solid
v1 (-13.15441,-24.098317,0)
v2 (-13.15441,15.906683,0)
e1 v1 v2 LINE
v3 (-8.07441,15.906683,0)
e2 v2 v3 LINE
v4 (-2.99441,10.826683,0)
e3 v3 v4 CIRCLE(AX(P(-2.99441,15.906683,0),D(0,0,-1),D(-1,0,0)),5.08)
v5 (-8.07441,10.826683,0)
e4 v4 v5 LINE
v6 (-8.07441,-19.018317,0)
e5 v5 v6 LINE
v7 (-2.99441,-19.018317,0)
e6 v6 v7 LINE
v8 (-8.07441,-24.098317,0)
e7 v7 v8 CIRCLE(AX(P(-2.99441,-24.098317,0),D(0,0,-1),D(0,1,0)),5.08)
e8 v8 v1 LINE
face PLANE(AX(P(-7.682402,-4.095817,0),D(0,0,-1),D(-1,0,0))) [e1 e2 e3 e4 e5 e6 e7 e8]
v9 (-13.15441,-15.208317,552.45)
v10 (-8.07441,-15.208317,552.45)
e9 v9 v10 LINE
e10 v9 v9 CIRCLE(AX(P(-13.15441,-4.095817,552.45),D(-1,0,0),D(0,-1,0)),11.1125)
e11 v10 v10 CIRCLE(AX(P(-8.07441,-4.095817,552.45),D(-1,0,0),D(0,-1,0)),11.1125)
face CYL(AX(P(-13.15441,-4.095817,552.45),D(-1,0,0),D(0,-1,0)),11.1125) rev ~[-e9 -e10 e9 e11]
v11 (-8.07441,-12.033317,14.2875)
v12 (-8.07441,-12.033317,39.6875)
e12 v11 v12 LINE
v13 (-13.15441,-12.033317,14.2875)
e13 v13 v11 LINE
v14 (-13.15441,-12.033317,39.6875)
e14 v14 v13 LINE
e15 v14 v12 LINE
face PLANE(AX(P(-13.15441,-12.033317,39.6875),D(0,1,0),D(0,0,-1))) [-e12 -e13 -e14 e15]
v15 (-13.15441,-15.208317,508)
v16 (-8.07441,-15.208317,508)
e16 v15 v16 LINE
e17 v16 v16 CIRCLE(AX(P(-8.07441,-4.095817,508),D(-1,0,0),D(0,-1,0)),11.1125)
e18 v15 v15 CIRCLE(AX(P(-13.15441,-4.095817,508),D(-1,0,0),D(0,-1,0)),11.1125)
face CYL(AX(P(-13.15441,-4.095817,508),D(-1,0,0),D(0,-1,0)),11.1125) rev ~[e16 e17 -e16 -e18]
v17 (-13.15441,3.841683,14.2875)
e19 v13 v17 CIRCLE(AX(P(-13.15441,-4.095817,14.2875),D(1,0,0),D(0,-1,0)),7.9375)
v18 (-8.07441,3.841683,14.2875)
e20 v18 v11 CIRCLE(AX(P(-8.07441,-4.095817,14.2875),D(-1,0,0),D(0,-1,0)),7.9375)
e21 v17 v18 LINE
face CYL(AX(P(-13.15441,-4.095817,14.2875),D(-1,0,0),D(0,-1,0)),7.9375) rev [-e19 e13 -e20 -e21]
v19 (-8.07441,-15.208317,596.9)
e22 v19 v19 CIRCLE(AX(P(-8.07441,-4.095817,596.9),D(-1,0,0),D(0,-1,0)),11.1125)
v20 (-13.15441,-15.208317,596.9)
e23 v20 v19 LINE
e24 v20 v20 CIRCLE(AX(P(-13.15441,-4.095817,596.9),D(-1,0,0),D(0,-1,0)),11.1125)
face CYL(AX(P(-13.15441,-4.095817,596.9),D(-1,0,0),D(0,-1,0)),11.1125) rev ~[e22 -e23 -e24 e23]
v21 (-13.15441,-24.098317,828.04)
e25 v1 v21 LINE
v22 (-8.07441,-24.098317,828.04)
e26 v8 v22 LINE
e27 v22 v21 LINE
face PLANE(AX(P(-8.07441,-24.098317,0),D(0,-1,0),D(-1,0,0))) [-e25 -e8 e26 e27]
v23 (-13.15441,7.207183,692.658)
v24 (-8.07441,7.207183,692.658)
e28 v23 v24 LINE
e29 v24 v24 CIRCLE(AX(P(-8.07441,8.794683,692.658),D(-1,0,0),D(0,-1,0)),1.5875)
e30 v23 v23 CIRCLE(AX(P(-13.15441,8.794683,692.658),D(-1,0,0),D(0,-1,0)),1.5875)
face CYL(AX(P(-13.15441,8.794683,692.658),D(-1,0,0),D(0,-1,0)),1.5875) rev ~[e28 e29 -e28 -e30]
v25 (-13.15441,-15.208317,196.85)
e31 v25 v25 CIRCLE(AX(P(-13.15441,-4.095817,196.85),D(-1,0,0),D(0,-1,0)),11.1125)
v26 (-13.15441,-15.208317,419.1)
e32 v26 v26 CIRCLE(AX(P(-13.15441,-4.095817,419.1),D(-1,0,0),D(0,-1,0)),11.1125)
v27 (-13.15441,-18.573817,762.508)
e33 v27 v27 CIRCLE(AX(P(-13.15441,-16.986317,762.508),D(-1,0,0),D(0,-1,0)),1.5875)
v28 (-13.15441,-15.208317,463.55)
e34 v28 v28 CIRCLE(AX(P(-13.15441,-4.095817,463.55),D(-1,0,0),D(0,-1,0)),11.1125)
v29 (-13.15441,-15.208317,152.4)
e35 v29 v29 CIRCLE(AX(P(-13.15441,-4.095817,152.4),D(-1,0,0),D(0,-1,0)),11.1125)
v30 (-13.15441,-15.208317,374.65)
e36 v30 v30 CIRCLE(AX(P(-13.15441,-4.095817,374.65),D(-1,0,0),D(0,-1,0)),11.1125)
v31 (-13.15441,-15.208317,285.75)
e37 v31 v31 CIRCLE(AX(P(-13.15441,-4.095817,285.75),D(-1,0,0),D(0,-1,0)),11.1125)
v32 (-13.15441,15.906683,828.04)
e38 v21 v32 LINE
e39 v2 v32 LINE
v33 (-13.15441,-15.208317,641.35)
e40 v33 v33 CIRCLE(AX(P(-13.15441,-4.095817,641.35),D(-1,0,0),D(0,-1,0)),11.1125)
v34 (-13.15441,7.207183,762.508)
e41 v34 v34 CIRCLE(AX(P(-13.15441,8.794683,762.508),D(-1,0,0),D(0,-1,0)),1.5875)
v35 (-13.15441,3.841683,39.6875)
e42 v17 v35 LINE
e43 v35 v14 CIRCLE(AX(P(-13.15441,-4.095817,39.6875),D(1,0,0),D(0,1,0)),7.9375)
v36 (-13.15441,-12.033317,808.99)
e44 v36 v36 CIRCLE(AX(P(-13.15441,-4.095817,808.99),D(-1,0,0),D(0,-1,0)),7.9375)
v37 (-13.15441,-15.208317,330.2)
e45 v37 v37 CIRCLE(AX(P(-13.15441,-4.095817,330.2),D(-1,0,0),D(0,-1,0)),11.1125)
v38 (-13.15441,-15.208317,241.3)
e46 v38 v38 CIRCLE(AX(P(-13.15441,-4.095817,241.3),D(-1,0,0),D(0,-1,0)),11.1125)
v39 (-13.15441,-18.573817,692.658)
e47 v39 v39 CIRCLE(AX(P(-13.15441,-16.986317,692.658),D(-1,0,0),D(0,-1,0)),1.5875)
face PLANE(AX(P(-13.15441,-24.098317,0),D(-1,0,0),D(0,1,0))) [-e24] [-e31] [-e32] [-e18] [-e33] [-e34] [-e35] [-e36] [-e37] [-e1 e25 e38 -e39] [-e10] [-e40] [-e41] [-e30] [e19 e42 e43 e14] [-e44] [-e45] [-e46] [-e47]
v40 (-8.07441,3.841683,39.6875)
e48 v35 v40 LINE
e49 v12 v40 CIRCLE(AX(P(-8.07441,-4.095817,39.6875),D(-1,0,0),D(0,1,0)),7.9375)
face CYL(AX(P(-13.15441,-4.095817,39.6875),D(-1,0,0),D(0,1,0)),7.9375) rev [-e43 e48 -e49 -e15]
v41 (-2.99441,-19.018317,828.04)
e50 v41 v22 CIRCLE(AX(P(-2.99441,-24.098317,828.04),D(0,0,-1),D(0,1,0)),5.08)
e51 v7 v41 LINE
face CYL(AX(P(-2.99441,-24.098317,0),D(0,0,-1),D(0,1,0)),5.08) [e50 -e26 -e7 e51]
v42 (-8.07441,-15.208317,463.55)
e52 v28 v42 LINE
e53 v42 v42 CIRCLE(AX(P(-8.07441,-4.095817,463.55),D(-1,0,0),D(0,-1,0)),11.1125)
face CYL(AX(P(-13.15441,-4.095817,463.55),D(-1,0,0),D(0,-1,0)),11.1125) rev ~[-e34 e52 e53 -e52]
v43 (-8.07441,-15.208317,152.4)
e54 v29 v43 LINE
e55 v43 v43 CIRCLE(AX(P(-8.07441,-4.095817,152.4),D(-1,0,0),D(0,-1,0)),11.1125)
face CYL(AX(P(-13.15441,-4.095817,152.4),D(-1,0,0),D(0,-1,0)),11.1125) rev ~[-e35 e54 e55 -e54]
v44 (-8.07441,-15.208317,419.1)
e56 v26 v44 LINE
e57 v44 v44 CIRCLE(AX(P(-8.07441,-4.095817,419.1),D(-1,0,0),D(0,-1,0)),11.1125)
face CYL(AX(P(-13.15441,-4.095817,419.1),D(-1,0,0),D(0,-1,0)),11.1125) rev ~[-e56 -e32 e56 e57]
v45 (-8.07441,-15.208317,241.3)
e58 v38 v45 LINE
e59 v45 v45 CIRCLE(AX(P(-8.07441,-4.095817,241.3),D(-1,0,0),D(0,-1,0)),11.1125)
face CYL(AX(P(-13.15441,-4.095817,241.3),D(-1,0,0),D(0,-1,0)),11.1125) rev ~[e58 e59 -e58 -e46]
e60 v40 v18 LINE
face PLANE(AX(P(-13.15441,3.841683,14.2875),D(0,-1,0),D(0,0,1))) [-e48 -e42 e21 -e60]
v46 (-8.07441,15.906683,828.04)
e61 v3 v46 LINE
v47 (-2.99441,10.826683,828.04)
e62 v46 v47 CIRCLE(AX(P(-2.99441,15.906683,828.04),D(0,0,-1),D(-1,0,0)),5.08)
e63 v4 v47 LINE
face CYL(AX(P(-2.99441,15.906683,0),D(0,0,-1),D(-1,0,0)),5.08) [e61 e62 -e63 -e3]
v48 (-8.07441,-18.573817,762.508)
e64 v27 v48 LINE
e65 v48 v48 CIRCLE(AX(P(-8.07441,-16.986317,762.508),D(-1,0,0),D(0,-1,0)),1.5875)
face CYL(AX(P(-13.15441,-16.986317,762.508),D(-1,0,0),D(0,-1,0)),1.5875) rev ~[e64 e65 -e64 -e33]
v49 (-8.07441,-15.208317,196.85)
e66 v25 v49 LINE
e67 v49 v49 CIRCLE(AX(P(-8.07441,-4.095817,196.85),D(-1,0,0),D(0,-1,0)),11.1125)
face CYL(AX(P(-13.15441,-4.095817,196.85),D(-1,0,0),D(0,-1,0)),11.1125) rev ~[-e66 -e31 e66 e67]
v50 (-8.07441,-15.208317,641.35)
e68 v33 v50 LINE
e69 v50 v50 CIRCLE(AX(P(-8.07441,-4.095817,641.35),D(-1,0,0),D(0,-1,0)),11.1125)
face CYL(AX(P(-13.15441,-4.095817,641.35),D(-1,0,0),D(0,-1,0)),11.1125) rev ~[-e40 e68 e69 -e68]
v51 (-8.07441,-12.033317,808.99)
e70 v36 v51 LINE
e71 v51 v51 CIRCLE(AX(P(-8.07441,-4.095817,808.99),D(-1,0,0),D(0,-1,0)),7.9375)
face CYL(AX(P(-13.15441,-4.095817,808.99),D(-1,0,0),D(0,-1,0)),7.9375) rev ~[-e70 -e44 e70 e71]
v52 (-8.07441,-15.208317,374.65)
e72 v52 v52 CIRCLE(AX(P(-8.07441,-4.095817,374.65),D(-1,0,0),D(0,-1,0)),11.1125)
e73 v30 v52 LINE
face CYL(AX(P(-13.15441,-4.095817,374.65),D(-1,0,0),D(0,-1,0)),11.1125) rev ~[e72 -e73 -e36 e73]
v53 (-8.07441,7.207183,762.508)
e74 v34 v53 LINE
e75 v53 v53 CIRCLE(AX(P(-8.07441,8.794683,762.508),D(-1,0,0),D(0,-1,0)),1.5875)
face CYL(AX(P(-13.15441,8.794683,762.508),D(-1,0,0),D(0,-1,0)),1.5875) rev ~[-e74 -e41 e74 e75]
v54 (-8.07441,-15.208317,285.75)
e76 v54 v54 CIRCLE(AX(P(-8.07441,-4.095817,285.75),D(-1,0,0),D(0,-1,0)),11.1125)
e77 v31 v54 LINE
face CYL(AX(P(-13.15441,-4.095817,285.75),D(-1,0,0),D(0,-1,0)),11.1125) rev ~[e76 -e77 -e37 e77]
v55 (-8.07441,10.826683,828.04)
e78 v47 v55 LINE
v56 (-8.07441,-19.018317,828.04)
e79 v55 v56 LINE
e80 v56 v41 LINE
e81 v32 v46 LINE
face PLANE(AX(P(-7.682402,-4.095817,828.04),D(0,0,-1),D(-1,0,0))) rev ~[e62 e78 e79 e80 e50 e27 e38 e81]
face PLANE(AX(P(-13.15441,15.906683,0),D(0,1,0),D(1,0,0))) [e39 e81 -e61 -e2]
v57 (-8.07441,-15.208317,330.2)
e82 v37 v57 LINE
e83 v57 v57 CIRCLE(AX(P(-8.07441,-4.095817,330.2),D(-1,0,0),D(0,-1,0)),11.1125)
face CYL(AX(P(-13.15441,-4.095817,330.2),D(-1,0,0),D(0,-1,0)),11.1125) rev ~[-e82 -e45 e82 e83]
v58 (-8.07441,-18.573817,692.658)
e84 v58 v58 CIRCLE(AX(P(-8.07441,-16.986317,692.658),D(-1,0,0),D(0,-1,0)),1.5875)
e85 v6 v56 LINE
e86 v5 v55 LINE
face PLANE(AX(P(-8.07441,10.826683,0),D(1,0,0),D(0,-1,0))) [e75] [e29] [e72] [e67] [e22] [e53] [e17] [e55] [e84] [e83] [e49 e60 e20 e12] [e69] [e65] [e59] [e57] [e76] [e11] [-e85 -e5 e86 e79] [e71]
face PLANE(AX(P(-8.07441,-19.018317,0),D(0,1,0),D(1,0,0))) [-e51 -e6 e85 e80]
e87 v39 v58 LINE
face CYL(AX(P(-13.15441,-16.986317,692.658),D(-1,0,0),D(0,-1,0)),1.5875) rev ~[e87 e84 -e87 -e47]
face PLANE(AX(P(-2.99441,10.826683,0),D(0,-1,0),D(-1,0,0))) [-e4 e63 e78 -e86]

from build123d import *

# Parameters (mm, degrees)
BOSS_EXTRUDE1_DEPTH = 828.04
SKETCH2_R           = 11.1125
CUT_EXTRUDE1_DEPTH  = 25.4
LPATTERN1_COUNT     = 12
LPATTERN1_PITCH     = 44.45
SKETCH3_R           = 7.9375
CUT_EXTRUDE2_DEPTH  = 25.4
SKETCH5_R           = 1.5875
CUT_EXTRUDE3_DEPTH  = 12.7


with BuildPart() as part:
    # Sketch1 → Boss-Extrude1 (new body)
    with BuildSketch(Plane.XY):
        with BuildLine():
            Line((-13.154409933, 15.906683314), (-8.074409933, 15.906683314))
            ThreePointArc((-8.074409933, 15.906683314), (0.597692516, 19.498785762), (-2.994409933, 10.826683314))
            Line((-2.994409933, 10.826683314), (-8.074409933, 10.826683314))
            Line((-8.074409933, 10.826683314), (-8.074409933, -19.018316686))
            Line((-8.074409933, -19.018316686), (-2.994409933, -19.018316686))
            ThreePointArc((-2.994409933, -19.018316686), (0.597692516, -27.690419135), (-8.074409933, -24.098316686))
            Line((-8.074409933, -24.098316686), (-13.154409933, -24.098316686))
            Line((-13.154409933, -24.098316686), (-13.154409933, 15.906683314))
        make_face()
    extrude(amount=BOSS_EXTRUDE1_DEPTH)

    # Sketch2 → Cut-Extrude1 (cut)
    with BuildSketch(Plane.ZY.offset(13.154409933)):
        with Locations(Location((152.4, -4.095816686, 0), (0, 0, 270))):
            Circle(SKETCH2_R)
    cut_extrude1 = extrude(amount=-CUT_EXTRUDE1_DEPTH, mode=Mode.SUBTRACT)

    # LPattern1: Cut-Extrude1 ×12
    with Locations(*[(0, 0, i * LPATTERN1_PITCH) for i in range(1, LPATTERN1_COUNT)]):
        add(cut_extrude1, mode=Mode.SUBTRACT)

    # Sketch3 → Cut-Extrude2 (cut)
    with BuildSketch(Plane.ZY.offset(13.154409933)):
        with Locations(Location((808.99, -4.095816686, 0), (0, 0, 270))):
            Circle(SKETCH3_R)
        with BuildLine():
            Line((14.2875, 3.841683314), (39.6875, 3.841683314))
            ThreePointArc((39.6875, 3.841683314), (47.625, -4.095816686), (39.6875, -12.033316686))
            Line((39.6875, -12.033316686), (14.2875, -12.033316686))
            ThreePointArc((14.2875, -12.033316686), (6.35, -4.095816686), (14.2875, 3.841683314))
        make_face()
    extrude(amount=-CUT_EXTRUDE2_DEPTH, mode=Mode.SUBTRACT)

    # Sketch5 → Cut-Extrude3 (cut)
    with BuildSketch(Plane.ZY.offset(13.154409933)):
        with Locations(Location((692.658, 8.794683314, 0), (0, 0, 270))):
            Circle(SKETCH5_R)
        with Locations(Location((762.508, 8.794683314, 0), (0, 0, 270))):
            Circle(SKETCH5_R)
        with Locations(Location((762.508, -16.986316686, 0), (0, 0, 270))):
            Circle(SKETCH5_R)
        with Locations(Location((692.658, -16.986316686, 0), (0, 0, 270))):
            Circle(SKETCH5_R)
    extrude(amount=-CUT_EXTRUDE3_DEPTH, mode=Mode.SUBTRACT)


solid = part.part
